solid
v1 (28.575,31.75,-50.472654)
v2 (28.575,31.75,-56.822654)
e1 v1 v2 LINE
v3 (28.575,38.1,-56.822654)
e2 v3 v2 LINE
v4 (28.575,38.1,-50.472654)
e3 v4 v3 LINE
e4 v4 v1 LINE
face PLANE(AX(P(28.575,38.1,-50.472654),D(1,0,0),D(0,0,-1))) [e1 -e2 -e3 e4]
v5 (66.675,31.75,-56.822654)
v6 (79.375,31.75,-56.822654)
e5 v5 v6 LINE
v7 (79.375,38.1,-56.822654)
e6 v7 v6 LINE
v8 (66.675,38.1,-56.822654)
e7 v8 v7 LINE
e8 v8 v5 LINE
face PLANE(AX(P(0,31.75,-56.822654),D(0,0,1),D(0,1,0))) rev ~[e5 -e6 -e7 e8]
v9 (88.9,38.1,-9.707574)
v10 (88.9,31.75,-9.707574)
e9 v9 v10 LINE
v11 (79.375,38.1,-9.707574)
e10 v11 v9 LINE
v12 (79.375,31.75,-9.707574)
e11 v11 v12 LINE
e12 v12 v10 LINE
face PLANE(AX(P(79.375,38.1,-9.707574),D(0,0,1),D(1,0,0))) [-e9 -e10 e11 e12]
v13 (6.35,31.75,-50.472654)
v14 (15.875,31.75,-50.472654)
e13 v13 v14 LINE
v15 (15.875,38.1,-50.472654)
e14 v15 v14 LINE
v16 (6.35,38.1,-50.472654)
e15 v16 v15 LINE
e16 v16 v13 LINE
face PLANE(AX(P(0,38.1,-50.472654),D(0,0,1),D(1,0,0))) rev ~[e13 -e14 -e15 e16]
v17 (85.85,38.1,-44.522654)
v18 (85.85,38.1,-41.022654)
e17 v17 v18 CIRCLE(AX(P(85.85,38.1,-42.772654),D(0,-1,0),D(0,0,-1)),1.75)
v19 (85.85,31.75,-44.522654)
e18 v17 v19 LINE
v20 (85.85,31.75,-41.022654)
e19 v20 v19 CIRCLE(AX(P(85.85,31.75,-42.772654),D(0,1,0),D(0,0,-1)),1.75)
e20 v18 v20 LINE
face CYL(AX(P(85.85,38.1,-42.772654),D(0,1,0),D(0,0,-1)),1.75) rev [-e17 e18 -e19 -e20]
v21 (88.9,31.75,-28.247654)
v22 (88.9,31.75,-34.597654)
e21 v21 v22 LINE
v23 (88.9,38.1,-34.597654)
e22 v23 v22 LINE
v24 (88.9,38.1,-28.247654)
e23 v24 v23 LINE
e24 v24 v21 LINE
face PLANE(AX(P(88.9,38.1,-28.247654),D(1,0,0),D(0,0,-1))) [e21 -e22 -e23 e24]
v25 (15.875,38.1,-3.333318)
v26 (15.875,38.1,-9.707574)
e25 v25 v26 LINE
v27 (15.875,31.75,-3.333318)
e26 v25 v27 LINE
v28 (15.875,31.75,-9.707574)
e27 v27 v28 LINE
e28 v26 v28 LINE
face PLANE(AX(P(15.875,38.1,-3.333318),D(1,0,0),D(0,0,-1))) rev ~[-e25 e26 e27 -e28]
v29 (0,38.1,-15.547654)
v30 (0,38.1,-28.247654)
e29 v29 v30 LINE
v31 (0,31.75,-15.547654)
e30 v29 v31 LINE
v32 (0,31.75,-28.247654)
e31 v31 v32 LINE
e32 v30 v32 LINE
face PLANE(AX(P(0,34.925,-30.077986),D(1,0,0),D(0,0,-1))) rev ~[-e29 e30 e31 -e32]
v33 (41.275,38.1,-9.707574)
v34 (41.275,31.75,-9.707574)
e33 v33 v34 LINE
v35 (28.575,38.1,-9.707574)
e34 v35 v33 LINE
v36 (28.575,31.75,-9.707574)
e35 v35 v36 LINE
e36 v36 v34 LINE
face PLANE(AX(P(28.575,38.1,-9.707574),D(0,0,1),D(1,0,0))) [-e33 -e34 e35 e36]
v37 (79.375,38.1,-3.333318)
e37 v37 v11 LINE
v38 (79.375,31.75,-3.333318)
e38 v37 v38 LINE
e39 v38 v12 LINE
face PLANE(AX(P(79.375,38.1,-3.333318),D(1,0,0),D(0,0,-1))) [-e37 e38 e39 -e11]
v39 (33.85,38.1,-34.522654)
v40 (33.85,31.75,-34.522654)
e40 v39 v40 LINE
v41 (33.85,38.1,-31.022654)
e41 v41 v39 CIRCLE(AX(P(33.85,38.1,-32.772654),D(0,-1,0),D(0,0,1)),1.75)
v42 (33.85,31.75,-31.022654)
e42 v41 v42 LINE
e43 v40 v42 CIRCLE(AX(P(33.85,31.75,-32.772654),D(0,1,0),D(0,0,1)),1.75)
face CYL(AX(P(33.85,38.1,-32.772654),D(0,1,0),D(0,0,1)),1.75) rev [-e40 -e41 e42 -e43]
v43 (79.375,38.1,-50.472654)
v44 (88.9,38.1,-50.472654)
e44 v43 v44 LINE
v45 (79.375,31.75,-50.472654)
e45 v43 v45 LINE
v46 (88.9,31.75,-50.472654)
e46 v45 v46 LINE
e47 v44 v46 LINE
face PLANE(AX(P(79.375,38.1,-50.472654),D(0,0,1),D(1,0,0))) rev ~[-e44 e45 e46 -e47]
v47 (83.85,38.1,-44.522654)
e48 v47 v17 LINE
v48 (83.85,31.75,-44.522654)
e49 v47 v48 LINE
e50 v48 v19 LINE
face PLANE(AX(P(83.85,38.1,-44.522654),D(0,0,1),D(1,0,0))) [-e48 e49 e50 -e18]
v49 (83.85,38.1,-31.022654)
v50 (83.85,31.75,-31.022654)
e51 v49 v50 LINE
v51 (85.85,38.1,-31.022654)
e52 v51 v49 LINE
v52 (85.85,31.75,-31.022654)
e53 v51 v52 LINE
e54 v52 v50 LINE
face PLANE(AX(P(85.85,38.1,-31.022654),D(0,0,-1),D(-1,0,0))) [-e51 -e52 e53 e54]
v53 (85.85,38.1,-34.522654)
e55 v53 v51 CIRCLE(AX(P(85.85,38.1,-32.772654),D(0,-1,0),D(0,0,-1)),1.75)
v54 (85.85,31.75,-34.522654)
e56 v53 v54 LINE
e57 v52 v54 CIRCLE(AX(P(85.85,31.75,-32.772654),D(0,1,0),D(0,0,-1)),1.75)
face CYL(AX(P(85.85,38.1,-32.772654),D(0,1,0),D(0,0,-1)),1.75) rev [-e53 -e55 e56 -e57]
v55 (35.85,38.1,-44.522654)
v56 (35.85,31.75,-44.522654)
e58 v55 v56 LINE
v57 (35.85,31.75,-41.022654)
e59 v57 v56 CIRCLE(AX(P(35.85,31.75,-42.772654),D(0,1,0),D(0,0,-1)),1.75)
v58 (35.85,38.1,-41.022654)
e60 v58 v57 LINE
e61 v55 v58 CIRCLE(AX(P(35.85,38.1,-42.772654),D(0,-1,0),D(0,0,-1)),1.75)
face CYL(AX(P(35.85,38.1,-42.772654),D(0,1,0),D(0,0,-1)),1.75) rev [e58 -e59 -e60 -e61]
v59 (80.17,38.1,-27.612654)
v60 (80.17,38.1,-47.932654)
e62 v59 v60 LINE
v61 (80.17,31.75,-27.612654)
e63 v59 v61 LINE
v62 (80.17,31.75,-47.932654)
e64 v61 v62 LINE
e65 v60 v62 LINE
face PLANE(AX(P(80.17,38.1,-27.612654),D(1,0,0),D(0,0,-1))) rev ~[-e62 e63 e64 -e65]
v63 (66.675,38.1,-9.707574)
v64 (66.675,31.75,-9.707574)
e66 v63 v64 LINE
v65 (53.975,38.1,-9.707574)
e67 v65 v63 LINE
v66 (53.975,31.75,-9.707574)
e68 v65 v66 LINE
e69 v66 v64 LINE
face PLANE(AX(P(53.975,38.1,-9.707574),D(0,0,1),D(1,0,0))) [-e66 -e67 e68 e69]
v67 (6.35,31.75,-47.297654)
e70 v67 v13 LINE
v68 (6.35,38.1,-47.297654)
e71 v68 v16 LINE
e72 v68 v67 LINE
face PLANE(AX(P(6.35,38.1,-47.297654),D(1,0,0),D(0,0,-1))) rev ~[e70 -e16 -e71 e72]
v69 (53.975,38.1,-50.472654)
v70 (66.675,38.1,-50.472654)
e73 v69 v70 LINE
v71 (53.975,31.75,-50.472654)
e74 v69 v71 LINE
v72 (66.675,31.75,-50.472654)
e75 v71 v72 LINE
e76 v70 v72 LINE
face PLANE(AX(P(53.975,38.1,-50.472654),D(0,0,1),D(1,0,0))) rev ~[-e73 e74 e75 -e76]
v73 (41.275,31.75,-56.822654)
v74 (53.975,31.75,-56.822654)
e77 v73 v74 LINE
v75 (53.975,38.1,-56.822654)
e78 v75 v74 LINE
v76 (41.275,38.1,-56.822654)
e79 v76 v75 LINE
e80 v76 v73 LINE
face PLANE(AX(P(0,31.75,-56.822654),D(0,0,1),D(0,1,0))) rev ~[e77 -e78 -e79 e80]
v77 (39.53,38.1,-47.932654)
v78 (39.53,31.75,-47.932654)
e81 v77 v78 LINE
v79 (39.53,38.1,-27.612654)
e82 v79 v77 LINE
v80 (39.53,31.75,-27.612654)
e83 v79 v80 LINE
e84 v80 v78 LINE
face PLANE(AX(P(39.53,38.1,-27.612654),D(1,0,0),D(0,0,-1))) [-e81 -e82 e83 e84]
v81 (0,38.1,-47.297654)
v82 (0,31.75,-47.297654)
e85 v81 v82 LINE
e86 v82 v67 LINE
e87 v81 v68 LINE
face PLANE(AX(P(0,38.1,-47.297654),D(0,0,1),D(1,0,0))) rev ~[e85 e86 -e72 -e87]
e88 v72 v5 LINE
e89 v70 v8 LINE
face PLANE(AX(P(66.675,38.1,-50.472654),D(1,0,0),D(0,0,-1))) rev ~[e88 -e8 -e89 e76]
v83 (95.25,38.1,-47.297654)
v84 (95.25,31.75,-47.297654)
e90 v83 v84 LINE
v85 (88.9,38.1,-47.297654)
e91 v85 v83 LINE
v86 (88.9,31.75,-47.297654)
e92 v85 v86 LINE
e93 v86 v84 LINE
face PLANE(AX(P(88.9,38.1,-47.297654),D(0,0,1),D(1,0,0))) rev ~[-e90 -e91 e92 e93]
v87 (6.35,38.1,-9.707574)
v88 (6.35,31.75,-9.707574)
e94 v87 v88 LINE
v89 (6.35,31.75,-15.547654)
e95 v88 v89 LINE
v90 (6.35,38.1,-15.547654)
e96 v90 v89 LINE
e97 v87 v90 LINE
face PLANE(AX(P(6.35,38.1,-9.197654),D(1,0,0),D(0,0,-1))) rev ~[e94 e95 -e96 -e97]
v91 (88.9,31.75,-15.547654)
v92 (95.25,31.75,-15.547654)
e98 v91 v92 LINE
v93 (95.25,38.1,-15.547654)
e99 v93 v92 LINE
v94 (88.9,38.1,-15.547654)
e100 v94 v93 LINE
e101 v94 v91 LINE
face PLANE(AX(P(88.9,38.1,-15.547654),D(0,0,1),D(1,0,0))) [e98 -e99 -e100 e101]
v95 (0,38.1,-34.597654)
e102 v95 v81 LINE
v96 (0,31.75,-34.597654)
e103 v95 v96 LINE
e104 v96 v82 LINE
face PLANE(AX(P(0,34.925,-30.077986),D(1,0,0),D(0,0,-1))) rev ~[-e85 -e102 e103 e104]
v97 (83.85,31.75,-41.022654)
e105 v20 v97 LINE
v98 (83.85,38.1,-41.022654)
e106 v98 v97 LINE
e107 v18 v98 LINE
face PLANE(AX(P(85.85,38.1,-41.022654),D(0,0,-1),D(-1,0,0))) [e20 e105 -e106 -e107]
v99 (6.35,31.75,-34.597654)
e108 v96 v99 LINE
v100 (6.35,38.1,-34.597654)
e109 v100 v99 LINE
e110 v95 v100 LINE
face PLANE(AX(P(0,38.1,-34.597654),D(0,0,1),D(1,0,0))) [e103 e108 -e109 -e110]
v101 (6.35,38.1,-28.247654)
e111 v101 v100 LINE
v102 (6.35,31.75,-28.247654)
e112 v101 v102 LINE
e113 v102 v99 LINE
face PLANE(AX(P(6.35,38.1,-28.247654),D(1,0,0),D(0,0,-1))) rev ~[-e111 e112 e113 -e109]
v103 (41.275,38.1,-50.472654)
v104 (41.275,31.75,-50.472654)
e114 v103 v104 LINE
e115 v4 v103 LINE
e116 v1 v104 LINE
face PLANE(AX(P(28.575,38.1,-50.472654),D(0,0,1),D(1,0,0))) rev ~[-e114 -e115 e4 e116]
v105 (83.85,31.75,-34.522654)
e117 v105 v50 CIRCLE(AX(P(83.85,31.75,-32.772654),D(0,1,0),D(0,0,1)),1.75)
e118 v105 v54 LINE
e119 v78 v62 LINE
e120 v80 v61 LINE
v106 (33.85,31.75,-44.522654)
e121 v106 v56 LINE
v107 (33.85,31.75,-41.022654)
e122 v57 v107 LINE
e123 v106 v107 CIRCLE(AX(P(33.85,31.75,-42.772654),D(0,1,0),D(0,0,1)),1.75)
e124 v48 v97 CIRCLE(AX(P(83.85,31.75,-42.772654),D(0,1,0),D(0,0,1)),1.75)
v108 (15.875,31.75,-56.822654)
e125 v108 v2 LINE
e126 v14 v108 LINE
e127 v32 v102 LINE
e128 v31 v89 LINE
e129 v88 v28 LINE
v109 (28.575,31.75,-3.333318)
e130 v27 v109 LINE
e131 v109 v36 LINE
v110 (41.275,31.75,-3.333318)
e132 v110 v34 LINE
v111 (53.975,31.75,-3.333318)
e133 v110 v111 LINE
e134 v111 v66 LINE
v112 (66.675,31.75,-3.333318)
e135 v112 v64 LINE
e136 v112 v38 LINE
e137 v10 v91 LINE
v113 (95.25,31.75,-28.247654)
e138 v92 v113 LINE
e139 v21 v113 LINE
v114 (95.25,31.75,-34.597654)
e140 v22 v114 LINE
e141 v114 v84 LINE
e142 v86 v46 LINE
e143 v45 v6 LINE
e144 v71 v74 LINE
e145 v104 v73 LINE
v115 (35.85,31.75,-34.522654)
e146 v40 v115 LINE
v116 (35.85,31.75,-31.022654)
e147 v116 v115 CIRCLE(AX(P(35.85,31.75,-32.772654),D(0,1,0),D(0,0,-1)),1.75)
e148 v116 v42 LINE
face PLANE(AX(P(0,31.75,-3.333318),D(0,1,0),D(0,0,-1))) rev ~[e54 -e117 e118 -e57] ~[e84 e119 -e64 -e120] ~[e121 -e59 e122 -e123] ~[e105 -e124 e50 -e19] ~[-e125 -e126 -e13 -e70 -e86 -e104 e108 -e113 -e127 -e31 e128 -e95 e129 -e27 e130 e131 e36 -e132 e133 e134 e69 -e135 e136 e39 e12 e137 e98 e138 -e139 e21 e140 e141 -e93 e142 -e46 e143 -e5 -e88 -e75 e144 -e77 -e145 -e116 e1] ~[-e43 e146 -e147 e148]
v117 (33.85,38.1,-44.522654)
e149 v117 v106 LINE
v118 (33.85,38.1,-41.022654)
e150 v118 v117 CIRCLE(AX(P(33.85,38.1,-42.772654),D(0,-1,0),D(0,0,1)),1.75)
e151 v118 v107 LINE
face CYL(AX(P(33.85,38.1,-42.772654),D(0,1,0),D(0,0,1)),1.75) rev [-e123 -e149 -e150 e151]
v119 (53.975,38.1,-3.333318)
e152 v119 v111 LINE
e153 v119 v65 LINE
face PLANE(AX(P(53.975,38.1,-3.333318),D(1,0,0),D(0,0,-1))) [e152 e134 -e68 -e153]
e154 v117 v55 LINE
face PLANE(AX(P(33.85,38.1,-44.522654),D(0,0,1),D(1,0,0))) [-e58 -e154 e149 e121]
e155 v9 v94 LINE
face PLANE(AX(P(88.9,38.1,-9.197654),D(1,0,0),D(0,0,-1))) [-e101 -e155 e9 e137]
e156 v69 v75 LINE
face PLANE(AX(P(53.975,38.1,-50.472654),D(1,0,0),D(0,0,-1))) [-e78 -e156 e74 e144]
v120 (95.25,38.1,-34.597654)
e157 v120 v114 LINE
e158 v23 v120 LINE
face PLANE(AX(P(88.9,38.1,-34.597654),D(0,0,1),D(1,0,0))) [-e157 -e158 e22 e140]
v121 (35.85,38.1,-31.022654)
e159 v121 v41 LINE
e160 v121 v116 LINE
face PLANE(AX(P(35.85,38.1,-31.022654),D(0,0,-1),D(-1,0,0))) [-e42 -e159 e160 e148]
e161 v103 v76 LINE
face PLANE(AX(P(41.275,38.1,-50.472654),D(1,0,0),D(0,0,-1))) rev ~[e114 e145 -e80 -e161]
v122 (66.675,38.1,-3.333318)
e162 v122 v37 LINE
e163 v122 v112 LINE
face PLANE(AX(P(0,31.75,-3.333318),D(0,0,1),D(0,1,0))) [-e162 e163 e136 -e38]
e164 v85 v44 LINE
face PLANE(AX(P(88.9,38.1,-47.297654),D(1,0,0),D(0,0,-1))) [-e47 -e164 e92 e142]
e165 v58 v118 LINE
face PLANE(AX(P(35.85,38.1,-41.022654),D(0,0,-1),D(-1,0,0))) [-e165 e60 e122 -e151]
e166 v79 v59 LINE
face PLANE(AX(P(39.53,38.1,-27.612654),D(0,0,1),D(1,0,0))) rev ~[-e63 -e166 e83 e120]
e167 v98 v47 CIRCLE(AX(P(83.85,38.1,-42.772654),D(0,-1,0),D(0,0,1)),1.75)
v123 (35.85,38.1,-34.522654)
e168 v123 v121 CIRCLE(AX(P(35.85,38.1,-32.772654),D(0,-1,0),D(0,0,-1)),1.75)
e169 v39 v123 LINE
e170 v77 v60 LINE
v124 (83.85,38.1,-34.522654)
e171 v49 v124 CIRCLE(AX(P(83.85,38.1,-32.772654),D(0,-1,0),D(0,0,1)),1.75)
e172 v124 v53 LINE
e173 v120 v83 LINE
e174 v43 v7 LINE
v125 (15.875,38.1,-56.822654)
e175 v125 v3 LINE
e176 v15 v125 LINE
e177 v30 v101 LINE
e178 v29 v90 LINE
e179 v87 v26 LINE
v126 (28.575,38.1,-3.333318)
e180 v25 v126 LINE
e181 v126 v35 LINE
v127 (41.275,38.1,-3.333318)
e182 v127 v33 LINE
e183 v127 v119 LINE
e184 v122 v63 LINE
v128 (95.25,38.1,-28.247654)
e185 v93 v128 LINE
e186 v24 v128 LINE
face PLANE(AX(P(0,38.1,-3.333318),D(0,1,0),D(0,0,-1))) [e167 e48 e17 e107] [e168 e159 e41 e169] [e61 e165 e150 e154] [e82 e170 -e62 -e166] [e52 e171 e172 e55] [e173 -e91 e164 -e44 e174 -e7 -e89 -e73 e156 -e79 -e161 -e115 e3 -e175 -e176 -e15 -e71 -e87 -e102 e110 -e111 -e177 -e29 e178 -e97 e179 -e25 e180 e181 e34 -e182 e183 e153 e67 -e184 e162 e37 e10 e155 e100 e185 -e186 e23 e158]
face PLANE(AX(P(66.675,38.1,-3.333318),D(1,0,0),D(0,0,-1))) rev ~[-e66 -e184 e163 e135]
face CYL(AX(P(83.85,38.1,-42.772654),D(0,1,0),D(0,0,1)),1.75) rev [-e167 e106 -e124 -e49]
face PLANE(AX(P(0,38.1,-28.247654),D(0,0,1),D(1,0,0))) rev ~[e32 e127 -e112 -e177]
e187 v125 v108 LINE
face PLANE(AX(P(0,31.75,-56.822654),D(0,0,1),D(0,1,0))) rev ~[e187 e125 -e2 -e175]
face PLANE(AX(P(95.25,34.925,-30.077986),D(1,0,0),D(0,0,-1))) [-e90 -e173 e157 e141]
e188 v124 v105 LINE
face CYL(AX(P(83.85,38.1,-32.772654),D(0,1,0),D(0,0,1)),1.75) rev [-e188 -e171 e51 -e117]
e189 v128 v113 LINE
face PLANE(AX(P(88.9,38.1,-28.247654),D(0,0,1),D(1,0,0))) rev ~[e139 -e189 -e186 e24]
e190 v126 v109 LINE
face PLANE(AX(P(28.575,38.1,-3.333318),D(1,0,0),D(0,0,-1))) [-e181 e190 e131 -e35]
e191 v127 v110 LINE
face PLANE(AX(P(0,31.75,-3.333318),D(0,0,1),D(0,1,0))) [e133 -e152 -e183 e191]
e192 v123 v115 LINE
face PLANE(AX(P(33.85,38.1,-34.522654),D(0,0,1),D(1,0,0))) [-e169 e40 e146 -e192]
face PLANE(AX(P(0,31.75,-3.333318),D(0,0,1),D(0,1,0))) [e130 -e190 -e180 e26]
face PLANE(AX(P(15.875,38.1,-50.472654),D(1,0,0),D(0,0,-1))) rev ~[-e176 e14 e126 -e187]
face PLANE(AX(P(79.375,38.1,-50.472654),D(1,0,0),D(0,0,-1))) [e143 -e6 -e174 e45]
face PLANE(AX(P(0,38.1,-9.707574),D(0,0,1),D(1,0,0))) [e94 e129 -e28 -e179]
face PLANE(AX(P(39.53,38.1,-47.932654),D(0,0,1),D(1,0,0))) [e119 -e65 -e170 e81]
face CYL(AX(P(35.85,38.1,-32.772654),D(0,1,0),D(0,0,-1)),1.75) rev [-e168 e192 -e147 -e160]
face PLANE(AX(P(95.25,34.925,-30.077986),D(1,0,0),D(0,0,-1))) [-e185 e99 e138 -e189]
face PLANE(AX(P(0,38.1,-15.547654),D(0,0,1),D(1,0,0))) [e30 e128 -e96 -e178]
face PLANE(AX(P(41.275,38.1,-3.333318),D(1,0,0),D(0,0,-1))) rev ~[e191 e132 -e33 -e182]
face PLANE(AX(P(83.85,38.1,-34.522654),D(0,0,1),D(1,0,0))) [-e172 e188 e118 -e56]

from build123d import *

# Parameters (mm, degrees)
SKETCH2_W           = 53.489335428
SKETCH2_H           = 6.35
BOSS_EXTRUDE1_DEPTH = 95.25
SKETCH3_W           = 6.35
SKETCH3_H           = 6.35
CUT_EXTRUDE1_DEPTH  = 7.35
LPATTERN1_COUNT     = 3
LPATTERN1_PITCH     = 19.05
SKETCH5_W           = 15.875
SKETCH5_H           = 6.374255969
SKETCH5_W_2         = 12.7
SKETCH5_H_2         = 6.35
CUT_EXTRUDE2_DEPTH  = 7.35
SKETCH7_W           = 40.64
SKETCH7_H           = 20.32
CUT_EXTRUDE4_DEPTH  = 7.35


with BuildPart() as part:
    # Sketch2 → Boss-Extrude1 (new body)
    with BuildSketch(Plane(origin=(0, 0, 0), x_dir=(0, 0, -1), z_dir=(1, 0, 0))):
        with Locations((30.077985794, 34.925)):
            Rectangle(SKETCH2_W, SKETCH2_H)
    extrude(amount=BOSS_EXTRUDE1_DEPTH)

    # Sketch3 → Cut-Extrude1 (cut, through all)
    with BuildSketch(Plane(origin=(0, 38.1, 0), x_dir=(1, 0, 0), z_dir=(0, 1, 0))):
        with Locations((3.175, 50.472653508)):
            Rectangle(SKETCH3_W, SKETCH3_H)
        with Locations((92.075, 50.472653508)):
            Rectangle(SKETCH3_W, SKETCH3_H)
    cut_extrude1 = extrude(amount=-CUT_EXTRUDE1_DEPTH, mode=Mode.SUBTRACT)

    # LPattern1: Cut-Extrude1 ×3
    with Locations(*[(0, 0, i * LPATTERN1_PITCH) for i in range(1, LPATTERN1_COUNT)]):
        add(cut_extrude1, mode=Mode.SUBTRACT)

    # Sketch5 → Cut-Extrude2 (cut, through all)
    with BuildSketch(Plane(origin=(0, 38.1, 0), x_dir=(1, 0, 0), z_dir=(0, 1, 0))):
        with Locations((7.9375, 6.520446064)):
            Rectangle(SKETCH5_W, SKETCH5_H)
        with Locations((34.925, 6.520446064)):
            Rectangle(SKETCH5_W_2, SKETCH5_H)
        with Locations((60.325, 6.520446064)):
            Rectangle(SKETCH5_W_2, SKETCH5_H)
        with Locations((87.3125, 6.520446064)):
            Rectangle(SKETCH5_W, SKETCH5_H)
        with Locations((7.9375, 53.647653508)):
            Rectangle(SKETCH5_W, SKETCH5_H_2)
        with Locations((34.925, 53.647653508)):
            Rectangle(SKETCH5_W_2, SKETCH5_H_2)
        with Locations((60.325, 53.647653508)):
            Rectangle(SKETCH5_W_2, SKETCH5_H_2)
        with Locations((87.3125, 53.647653508)):
            Rectangle(SKETCH5_W, SKETCH5_H_2)
    extrude(amount=-CUT_EXTRUDE2_DEPTH, mode=Mode.SUBTRACT)

    # Sketch7 → Cut-Extrude4 (cut, through all)
    with BuildSketch(Plane(origin=(0, 38.1, 0), x_dir=(1, 0, 0), z_dir=(0, 1, 0))):
        with Locations((59.85, 37.772653508)):
            Rectangle(SKETCH7_W, SKETCH7_H)
        with BuildLine():
            Line((83.85, 44.522653508), (85.85, 44.522653508))
            ThreePointArc((85.85, 44.522653508), (87.6, 42.772653508), (85.85, 41.022653508))
            Line((85.85, 41.022653508), (83.85, 41.022653508))
            ThreePointArc((83.85, 41.022653508), (82.1, 42.772653508), (83.85, 44.522653508))
        make_face()
        with BuildLine():
            Line((83.85, 34.522653508), (85.85, 34.522653508))
            ThreePointArc((85.85, 34.522653508), (87.6, 32.772653508), (85.85, 31.022653508))
            Line((85.85, 31.022653508), (83.85, 31.022653508))
            ThreePointArc((83.85, 31.022653508), (82.1, 32.772653508), (83.85, 34.522653508))
        make_face()
        with BuildLine():
            Line((35.85, 41.022653508), (33.85, 41.022653508))
            ThreePointArc((33.85, 41.022653508), (32.1, 42.772653508), (33.85, 44.522653508))
            Line((33.85, 44.522653508), (35.85, 44.522653508))
            ThreePointArc((35.85, 44.522653508), (37.6, 42.772653508), (35.85, 41.022653508))
        make_face()
        with BuildLine():
            Line((35.85, 31.022653508), (33.85, 31.022653508))
            ThreePointArc((33.85, 31.022653508), (32.1, 32.772653508), (33.85, 34.522653508))
            Line((33.85, 34.522653508), (35.85, 34.522653508))
            ThreePointArc((35.85, 34.522653508), (37.6, 32.772653508), (35.85, 31.022653508))
        make_face()
    extrude(amount=-CUT_EXTRUDE4_DEPTH, mode=Mode.SUBTRACT)


solid = part.part
